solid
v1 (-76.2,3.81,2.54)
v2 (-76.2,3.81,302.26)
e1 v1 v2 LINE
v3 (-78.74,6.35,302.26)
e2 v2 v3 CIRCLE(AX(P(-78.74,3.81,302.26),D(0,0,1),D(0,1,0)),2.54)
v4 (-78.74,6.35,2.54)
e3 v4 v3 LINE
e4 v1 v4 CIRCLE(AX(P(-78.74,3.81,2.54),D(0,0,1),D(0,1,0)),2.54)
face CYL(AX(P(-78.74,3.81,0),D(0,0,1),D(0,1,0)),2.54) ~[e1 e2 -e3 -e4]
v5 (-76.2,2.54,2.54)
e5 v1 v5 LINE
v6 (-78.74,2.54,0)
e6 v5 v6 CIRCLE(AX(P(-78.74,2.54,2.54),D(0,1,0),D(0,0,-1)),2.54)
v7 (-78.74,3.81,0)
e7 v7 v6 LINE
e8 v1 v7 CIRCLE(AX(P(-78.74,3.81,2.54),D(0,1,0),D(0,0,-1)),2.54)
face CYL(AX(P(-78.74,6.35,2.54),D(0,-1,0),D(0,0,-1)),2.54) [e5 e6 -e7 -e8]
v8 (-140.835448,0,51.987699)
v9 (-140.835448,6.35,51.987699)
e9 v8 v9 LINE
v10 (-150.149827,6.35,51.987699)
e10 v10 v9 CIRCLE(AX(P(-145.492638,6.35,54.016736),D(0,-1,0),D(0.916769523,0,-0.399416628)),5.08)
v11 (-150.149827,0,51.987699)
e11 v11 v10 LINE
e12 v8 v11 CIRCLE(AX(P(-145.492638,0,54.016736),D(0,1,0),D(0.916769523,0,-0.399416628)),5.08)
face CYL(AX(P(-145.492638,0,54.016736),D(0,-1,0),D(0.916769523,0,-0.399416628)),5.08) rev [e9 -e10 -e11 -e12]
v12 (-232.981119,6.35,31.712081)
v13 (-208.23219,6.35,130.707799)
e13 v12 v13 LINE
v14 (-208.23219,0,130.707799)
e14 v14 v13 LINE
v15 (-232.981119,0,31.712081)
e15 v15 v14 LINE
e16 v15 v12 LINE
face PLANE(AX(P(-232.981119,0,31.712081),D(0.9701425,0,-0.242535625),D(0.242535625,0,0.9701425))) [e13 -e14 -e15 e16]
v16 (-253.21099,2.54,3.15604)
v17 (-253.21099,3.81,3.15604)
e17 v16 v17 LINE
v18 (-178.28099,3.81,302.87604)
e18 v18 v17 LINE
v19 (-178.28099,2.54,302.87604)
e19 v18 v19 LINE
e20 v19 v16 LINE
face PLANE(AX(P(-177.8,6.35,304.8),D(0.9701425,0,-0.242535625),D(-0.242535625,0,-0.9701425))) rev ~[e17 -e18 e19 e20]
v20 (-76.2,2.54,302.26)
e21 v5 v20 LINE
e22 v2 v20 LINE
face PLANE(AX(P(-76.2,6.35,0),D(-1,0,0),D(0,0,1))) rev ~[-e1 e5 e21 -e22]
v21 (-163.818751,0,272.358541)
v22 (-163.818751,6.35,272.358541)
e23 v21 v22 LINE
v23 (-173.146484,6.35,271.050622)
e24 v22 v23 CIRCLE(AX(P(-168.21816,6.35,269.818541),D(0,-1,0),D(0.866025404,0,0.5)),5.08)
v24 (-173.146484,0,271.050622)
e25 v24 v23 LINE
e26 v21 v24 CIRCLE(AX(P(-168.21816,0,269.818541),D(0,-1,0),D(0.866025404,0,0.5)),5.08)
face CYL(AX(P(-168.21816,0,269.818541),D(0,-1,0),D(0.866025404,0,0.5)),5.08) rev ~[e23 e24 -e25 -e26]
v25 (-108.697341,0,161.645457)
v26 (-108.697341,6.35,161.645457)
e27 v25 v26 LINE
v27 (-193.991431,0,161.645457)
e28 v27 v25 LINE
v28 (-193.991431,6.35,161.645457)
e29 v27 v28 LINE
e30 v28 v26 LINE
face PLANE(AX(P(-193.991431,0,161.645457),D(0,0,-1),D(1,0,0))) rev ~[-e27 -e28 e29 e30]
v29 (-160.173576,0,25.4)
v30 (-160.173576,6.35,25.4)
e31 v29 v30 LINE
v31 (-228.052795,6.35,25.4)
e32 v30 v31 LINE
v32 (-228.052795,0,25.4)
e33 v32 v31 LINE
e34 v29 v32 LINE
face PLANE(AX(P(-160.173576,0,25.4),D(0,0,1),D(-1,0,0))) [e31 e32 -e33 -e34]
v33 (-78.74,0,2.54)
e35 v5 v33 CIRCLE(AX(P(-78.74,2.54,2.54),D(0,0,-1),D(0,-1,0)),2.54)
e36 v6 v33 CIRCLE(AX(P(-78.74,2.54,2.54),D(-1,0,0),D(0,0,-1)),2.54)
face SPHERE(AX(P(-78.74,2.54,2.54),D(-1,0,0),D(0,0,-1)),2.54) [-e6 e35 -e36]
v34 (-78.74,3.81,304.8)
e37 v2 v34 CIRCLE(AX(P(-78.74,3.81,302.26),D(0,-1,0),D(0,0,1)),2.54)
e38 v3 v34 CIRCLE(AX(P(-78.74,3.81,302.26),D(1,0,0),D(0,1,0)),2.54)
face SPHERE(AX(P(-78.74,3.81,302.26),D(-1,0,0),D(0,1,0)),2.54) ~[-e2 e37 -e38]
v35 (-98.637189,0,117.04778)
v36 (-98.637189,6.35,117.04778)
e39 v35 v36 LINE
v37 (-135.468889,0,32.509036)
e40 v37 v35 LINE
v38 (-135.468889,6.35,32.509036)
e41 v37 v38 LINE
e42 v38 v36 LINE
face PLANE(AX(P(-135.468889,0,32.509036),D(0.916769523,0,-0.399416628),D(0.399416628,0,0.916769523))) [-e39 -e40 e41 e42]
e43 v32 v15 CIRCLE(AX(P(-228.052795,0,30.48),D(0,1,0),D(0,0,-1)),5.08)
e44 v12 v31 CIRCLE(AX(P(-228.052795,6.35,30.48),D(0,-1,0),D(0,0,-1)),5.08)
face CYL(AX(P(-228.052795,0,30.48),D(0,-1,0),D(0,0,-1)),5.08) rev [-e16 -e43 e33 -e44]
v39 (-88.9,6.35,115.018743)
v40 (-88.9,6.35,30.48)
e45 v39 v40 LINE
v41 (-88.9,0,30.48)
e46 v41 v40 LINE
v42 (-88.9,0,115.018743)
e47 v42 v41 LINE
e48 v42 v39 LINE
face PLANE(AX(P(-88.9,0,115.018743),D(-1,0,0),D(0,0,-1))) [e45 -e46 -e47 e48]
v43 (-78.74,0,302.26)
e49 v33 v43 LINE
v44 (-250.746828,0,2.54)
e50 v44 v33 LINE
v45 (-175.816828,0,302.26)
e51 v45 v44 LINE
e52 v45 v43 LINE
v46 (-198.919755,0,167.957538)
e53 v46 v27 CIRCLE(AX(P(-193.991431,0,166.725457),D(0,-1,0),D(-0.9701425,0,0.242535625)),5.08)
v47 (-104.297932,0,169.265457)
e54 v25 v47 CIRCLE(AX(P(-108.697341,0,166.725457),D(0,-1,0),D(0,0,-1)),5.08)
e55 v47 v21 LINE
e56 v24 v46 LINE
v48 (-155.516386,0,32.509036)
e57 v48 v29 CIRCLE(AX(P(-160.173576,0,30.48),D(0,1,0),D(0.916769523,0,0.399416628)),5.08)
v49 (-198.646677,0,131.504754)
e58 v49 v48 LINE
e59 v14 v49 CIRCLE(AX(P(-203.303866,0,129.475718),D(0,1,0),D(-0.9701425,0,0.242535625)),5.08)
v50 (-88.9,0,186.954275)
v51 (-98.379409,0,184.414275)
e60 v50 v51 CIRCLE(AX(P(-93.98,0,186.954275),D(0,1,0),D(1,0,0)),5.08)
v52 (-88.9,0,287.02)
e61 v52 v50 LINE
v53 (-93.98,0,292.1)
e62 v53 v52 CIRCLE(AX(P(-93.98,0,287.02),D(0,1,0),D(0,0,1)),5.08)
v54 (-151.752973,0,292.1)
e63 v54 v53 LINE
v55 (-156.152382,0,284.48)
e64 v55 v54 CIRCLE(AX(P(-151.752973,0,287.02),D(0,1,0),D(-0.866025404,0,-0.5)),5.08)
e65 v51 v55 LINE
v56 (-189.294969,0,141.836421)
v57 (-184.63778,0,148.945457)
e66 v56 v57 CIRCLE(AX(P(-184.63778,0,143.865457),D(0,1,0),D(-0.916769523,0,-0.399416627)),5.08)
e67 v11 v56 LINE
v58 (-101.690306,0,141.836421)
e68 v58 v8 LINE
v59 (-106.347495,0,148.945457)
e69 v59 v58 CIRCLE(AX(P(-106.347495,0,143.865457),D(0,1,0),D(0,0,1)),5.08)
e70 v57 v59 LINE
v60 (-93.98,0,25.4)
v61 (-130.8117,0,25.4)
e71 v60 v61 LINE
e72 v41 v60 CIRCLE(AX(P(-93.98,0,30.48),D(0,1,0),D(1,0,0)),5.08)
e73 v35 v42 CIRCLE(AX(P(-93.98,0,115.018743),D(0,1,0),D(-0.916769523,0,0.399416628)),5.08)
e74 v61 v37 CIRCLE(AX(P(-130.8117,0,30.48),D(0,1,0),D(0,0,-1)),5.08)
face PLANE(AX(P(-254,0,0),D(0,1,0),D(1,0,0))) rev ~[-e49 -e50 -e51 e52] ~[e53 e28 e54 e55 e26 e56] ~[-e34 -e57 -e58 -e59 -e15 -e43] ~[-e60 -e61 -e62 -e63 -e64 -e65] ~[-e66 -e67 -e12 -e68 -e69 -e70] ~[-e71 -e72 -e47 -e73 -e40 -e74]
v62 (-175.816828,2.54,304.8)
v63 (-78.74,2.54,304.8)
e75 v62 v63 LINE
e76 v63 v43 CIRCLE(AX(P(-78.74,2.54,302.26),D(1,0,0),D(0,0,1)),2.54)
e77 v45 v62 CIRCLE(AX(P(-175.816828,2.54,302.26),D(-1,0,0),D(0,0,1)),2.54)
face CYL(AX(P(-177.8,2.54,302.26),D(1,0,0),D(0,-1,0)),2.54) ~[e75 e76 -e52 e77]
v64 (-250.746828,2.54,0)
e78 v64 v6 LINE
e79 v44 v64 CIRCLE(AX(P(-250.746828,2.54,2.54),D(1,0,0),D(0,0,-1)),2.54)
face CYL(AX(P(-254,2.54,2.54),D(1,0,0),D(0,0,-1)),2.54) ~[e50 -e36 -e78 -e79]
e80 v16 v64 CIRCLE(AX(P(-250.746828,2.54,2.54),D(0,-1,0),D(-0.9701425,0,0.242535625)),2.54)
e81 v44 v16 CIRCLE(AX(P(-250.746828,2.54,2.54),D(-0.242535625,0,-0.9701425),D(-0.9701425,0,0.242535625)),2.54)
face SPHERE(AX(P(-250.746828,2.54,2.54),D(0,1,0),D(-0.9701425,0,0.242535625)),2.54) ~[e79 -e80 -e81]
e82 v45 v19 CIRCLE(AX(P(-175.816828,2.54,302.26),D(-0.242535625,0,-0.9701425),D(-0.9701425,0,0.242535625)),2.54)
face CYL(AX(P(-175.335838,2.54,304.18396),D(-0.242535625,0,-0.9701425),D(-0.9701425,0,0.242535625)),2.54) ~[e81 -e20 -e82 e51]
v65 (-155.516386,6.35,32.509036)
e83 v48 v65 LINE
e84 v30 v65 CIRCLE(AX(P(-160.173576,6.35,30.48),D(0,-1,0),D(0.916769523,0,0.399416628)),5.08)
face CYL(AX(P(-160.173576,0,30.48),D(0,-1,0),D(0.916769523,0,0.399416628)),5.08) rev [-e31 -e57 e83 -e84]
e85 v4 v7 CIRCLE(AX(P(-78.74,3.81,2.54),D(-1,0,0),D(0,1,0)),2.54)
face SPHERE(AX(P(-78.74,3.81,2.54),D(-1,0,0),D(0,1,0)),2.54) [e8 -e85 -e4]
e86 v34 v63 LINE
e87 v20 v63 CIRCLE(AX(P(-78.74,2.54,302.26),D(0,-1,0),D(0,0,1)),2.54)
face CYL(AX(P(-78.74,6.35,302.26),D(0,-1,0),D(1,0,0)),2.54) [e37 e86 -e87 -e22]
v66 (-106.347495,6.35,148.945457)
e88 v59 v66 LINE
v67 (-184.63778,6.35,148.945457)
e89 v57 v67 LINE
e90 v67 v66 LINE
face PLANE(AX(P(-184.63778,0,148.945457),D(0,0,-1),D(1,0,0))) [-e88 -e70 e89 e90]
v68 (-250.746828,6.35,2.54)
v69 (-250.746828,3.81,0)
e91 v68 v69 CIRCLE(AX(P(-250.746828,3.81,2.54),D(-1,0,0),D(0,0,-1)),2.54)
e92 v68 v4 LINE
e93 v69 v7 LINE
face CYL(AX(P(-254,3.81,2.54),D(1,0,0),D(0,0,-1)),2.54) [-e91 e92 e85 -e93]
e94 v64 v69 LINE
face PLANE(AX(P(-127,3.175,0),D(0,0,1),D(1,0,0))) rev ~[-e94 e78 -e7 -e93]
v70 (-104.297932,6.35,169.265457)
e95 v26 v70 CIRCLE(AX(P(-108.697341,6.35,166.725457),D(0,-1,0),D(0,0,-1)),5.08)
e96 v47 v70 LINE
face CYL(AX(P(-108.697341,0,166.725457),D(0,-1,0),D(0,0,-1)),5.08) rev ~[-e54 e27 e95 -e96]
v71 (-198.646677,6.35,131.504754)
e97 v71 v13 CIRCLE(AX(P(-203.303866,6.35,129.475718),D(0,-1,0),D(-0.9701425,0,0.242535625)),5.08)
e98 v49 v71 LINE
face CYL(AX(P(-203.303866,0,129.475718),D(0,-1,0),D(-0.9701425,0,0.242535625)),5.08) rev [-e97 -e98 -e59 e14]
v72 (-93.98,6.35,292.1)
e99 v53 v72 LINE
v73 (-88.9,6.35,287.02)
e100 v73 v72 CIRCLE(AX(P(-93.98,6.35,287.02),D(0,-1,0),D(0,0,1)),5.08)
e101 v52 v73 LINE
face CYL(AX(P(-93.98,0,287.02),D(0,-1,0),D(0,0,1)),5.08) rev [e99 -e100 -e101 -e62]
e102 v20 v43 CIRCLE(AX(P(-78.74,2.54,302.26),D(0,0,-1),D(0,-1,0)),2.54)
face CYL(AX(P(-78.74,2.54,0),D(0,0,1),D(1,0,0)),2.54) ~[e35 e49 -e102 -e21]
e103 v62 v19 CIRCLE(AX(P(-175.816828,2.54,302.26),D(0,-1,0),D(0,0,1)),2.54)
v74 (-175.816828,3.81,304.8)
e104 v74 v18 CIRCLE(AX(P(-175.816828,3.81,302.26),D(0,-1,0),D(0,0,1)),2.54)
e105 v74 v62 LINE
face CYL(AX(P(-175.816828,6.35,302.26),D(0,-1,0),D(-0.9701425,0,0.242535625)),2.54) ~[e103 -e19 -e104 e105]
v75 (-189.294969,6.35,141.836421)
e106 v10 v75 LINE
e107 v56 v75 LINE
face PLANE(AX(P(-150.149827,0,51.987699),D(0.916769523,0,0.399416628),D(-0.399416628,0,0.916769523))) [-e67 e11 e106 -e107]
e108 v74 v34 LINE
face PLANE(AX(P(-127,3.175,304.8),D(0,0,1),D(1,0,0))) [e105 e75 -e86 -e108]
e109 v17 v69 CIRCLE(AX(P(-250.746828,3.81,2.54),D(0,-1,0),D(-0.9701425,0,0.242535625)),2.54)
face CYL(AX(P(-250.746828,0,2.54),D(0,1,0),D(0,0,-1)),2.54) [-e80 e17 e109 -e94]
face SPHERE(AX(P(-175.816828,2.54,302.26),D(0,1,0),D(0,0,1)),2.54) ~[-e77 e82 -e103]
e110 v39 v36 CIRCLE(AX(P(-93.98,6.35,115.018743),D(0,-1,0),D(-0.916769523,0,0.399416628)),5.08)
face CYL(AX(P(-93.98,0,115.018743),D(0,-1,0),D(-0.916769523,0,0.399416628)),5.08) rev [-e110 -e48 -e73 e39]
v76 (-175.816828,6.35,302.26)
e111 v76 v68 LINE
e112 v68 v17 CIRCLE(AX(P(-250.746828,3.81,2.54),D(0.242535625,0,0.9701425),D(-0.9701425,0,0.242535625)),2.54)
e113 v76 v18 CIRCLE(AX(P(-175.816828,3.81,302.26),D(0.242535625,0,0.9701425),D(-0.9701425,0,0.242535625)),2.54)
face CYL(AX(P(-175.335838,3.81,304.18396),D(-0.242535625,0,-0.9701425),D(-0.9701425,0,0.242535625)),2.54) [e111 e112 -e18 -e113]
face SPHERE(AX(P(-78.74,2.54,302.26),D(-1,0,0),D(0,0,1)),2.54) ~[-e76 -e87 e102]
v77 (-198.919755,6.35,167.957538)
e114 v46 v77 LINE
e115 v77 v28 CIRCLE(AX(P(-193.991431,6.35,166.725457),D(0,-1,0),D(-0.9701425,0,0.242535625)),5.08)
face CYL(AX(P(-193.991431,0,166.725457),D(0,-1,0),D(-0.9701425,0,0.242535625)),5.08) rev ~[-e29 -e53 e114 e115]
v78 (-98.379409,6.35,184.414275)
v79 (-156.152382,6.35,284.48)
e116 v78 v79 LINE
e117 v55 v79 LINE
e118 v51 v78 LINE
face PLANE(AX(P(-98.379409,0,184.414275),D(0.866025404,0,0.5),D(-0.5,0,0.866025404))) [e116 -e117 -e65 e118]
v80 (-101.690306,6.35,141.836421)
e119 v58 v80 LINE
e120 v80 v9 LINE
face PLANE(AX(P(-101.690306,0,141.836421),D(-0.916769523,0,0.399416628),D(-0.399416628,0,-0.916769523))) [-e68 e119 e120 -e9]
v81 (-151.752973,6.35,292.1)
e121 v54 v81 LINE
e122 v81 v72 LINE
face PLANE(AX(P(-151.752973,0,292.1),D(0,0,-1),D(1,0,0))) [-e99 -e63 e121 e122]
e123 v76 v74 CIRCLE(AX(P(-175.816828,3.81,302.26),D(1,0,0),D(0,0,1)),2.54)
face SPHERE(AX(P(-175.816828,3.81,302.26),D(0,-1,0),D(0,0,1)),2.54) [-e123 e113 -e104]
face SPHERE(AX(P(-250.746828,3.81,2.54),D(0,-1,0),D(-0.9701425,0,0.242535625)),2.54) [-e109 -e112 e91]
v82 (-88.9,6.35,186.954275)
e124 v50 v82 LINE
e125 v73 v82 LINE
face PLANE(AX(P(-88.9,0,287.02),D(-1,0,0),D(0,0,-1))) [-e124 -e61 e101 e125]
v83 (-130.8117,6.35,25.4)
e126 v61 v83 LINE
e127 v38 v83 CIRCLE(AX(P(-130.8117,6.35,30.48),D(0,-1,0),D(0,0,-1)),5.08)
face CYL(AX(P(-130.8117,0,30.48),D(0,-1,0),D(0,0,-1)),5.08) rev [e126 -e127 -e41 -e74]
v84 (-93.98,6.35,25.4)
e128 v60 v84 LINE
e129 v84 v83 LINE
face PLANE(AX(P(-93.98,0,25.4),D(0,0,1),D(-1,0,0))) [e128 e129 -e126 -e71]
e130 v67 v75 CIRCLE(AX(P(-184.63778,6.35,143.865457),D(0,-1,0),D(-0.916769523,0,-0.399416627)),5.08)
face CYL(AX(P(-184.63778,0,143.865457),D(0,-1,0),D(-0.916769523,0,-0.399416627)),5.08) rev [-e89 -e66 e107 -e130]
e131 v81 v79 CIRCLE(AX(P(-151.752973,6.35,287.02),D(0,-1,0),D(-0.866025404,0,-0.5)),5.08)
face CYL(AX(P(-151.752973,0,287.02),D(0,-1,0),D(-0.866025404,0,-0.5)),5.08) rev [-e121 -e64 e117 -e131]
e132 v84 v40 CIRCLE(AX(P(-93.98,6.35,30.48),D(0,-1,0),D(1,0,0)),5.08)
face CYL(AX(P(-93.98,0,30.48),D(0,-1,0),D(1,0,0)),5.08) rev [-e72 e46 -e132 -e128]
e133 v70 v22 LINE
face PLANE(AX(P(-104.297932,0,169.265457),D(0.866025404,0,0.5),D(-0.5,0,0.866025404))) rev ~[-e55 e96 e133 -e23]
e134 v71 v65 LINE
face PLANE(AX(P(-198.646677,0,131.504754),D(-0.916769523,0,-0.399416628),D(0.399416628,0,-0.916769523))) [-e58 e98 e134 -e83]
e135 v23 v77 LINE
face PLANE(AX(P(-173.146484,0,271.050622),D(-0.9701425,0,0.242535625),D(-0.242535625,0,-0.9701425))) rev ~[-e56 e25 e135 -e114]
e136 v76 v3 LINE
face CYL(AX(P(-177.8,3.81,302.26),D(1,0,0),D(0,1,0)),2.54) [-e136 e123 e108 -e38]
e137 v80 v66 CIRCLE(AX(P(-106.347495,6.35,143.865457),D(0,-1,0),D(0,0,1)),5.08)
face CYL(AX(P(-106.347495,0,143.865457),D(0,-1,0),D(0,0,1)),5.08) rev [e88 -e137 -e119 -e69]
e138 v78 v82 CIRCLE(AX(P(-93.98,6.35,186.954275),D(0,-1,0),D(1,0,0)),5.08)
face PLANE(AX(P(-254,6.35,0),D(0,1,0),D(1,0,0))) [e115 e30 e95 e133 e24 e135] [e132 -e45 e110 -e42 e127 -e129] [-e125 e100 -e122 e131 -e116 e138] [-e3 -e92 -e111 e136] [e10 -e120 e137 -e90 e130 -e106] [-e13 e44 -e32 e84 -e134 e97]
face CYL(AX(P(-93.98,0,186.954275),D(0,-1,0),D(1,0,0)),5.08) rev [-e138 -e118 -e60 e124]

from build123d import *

# Parameters (mm, degrees)
SKETCH1_W           = 254
SKETCH1_H           = 6.35
BOSS_EXTRUDE1_DEPTH = 304.8
CUT_EXTRUDE1_DEPTH  = 304.8
CUT_EXTRUDE2_DEPTH  = 397.811494919
CUT_EXTRUDE3_REACH  = 398.811
FILLET2_R           = 2.54


with BuildPart() as part:
    # Sketch1 → Boss-Extrude1 (new body)
    with BuildSketch(Plane.XY):
        with Locations((-127, 3.175)):
            Rectangle(SKETCH1_W, SKETCH1_H)
    extrude(amount=BOSS_EXTRUDE1_DEPTH)

    # Sketch2 → Cut-Extrude1 (cut)
    with BuildSketch(Plane(origin=(0, 6.35, 0), x_dir=(1, 0, 0), z_dir=(0, 1, 0))):
        Polygon((-177.8, -304.8), (-254, 0), (-254, -304.8), align=None)
    extrude(amount=-CUT_EXTRUDE1_DEPTH, mode=Mode.SUBTRACT)

    # Sketch4 → Cut-Extrude2 (cut, through all)
    with BuildSketch(Plane(origin=(0, 6.35, 0), x_dir=(1, 0, 0), z_dir=(0, 1, 0))):
        Polygon((-76.2, -127), (-76.2, 0), (0, 0), (0, -304.8), (-76.2, -304.8), (-76.2, -177.8), align=None)
    extrude(amount=-CUT_EXTRUDE2_DEPTH, mode=Mode.SUBTRACT)

    # Sketch7 → Cut-Extrude3 (cut, up to next)
    with BuildSketch(Plane(origin=(0, 0, 0), x_dir=(-1, 0, 0), z_dir=(0, -1, 0)), mode=Mode.PRIVATE) as cut_extrude3_sk1:
        with BuildLine():
            ThreePointArc((98.637189175, -117.047779868), (92.943689479, -119.991917487), (88.9, -115.0187434))
            Line((88.9, -115.0187434), (88.9, -30.48))
            ThreePointArc((88.9, -30.48), (90.387897552, -26.887897552), (93.98, -25.4))
            Line((93.98, -25.4), (130.811699734, -25.4))
            ThreePointArc((130.811699734, -25.4), (135.061047052, -27.696217075), (135.468888909, -32.509036468))
            Line((135.468888909, -32.509036468), (98.637189175, -117.047779868))
        make_face()
    cut_extrude3_tool1 = extrude(cut_extrude3_sk1.sketch, amount=-CUT_EXTRUDE3_REACH, mode=Mode.PRIVATE) & part.part
    # Sketch7 → Cut-Extrude3 (cut, up to next)
    with BuildSketch(Plane(origin=(0, 0, 0), x_dir=(-1, 0, 0), z_dir=(0, -1, 0)), mode=Mode.PRIVATE) as cut_extrude3_sk2:
        with BuildLine():
            Line((198.646676859, -131.504754308), (155.51638644, -32.509036468))
            ThreePointArc((155.51638644, -32.509036468), (155.924228297, -27.696217075), (160.173575615, -25.4))
            Line((160.173575615, -25.4), (228.052795494, -25.4))
            ThreePointArc((228.052795494, -25.4), (232.056879119, -27.353705976), (232.981119395, -31.712080975))
            Line((232.981119395, -31.712080975), (208.232189935, -130.707798815))
            ThreePointArc((208.232189935, -130.707798815), (203.724773416, -134.538250504), (198.646676859, -131.504754308))
        make_face()
    cut_extrude3_tool2 = extrude(cut_extrude3_sk2.sketch, amount=-CUT_EXTRUDE3_REACH, mode=Mode.PRIVATE) & part.part
    # Sketch7 → Cut-Extrude3 (cut, up to next)
    with BuildSketch(Plane(origin=(0, 0, 0), x_dir=(-1, 0, 0), z_dir=(0, -1, 0)), mode=Mode.PRIVATE) as cut_extrude3_sk3:
        with BuildLine():
            ThreePointArc((156.152382169, -284.48), (156.152382169, -289.56), (151.752973118, -292.1))
            Line((151.752973118, -292.1), (93.98, -292.1))
            ThreePointArc((93.98, -292.1), (90.387897552, -290.612102448), (88.9, -287.02))
            Line((88.9, -287.02), (88.9, -186.954275256))
            ThreePointArc((88.9, -186.954275256), (92.665199251, -182.047372059), (98.379409051, -184.414275256))
            Line((98.379409051, -184.414275256), (156.152382169, -284.48))
        make_face()
    cut_extrude3_tool3 = extrude(cut_extrude3_sk3.sketch, amount=-CUT_EXTRUDE3_REACH, mode=Mode.PRIVATE) & part.part
    # Sketch7 → Cut-Extrude3 (cut, up to next)
    with BuildSketch(Plane(origin=(0, 0, 0), x_dir=(-1, 0, 0), z_dir=(0, -1, 0)), mode=Mode.PRIVATE) as cut_extrude3_sk4:
        with BuildLine():
            Line((173.146484204, -271.050621738), (198.919755106, -167.957538129))
            ThreePointArc((198.919755106, -167.957538129), (197.995514831, -163.59916313), (193.991431206, -161.645457154))
            Line((193.991431206, -161.645457154), (108.69734073, -161.645457154))
            ThreePointArc((108.69734073, -161.645457154), (104.297931679, -164.185457154), (104.297931679, -169.265457154))
            Line((104.297931679, -169.265457154), (163.818751252, -272.358540762))
            ThreePointArc((163.818751252, -272.358540762), (168.923568535, -274.849325912), (173.146484204, -271.050621738))
        make_face()
    cut_extrude3_tool4 = extrude(cut_extrude3_sk4.sketch, amount=-CUT_EXTRUDE3_REACH, mode=Mode.PRIVATE) & part.part
    # Sketch7 → Cut-Extrude3 (cut, up to next)
    with BuildSketch(Plane(origin=(0, 0, 0), x_dir=(-1, 0, 0), z_dir=(0, -1, 0)), mode=Mode.PRIVATE) as cut_extrude3_sk5:
        with BuildLine():
            ThreePointArc((106.347495425, -148.945457154), (102.098148107, -146.649240078), (101.69030625, -141.836420686))
            Line((101.69030625, -141.836420686), (140.835448499, -51.987699072))
            ThreePointArc((140.835448499, -51.987699072), (145.492637674, -48.93673554), (150.14982685, -51.987699072))
            Line((150.14982685, -51.987699072), (189.2949691, -141.836420686))
            ThreePointArc((189.2949691, -141.836420686), (188.887127243, -146.649240078), (184.637779925, -148.945457154))
            Line((184.637779925, -148.945457154), (106.347495425, -148.945457154))
        make_face()
    cut_extrude3_tool5 = extrude(cut_extrude3_sk5.sketch, amount=-CUT_EXTRUDE3_REACH, mode=Mode.PRIVATE) & part.part
    add(cut_extrude3_tool1.solids().sort_by_distance((-105.779096, 0, 61.624334))[0], mode=Mode.SUBTRACT)
    add(cut_extrude3_tool2.solids().sort_by_distance((-197.184891, 0, 64.864333))[0], mode=Mode.SUBTRACT)
    add(cut_extrude3_tool3.solids().sort_by_distance((-112.936879, 0, 251.56545))[0], mode=Mode.SUBTRACT)
    add(cut_extrude3_tool4.solids().sort_by_distance((-156.854236, 0, 201.939756))[0], mode=Mode.SUBTRACT)
    add(cut_extrude3_tool5.solids().sort_by_distance((-145.492638, 0, 113.262605))[0], mode=Mode.SUBTRACT)

    # Fillet2
    fillet2_edges = [part.edges().sort_by_distance(p)[0] for p in [
        (-215.9, 0, 152.4),
        (-215.9, 6.35, 152.4),
        (-177.8, 3.175, 304.8),
        (-165.1, 0, 0),
        (-165.1, 6.35, 0),
        (-127, 6.35, 304.8),
        (-127, 0, 304.8),
        (-76.2, 6.35, 152.4),
        (-76.2, 3.175, 304.8),
        (-76.2, 3.175, 0),
        (-76.2, 0, 152.4),
        (-254, 3.175, 0),
    ]]
    fillet(fillet2_edges, radius=FILLET2_R)


solid = part.part
